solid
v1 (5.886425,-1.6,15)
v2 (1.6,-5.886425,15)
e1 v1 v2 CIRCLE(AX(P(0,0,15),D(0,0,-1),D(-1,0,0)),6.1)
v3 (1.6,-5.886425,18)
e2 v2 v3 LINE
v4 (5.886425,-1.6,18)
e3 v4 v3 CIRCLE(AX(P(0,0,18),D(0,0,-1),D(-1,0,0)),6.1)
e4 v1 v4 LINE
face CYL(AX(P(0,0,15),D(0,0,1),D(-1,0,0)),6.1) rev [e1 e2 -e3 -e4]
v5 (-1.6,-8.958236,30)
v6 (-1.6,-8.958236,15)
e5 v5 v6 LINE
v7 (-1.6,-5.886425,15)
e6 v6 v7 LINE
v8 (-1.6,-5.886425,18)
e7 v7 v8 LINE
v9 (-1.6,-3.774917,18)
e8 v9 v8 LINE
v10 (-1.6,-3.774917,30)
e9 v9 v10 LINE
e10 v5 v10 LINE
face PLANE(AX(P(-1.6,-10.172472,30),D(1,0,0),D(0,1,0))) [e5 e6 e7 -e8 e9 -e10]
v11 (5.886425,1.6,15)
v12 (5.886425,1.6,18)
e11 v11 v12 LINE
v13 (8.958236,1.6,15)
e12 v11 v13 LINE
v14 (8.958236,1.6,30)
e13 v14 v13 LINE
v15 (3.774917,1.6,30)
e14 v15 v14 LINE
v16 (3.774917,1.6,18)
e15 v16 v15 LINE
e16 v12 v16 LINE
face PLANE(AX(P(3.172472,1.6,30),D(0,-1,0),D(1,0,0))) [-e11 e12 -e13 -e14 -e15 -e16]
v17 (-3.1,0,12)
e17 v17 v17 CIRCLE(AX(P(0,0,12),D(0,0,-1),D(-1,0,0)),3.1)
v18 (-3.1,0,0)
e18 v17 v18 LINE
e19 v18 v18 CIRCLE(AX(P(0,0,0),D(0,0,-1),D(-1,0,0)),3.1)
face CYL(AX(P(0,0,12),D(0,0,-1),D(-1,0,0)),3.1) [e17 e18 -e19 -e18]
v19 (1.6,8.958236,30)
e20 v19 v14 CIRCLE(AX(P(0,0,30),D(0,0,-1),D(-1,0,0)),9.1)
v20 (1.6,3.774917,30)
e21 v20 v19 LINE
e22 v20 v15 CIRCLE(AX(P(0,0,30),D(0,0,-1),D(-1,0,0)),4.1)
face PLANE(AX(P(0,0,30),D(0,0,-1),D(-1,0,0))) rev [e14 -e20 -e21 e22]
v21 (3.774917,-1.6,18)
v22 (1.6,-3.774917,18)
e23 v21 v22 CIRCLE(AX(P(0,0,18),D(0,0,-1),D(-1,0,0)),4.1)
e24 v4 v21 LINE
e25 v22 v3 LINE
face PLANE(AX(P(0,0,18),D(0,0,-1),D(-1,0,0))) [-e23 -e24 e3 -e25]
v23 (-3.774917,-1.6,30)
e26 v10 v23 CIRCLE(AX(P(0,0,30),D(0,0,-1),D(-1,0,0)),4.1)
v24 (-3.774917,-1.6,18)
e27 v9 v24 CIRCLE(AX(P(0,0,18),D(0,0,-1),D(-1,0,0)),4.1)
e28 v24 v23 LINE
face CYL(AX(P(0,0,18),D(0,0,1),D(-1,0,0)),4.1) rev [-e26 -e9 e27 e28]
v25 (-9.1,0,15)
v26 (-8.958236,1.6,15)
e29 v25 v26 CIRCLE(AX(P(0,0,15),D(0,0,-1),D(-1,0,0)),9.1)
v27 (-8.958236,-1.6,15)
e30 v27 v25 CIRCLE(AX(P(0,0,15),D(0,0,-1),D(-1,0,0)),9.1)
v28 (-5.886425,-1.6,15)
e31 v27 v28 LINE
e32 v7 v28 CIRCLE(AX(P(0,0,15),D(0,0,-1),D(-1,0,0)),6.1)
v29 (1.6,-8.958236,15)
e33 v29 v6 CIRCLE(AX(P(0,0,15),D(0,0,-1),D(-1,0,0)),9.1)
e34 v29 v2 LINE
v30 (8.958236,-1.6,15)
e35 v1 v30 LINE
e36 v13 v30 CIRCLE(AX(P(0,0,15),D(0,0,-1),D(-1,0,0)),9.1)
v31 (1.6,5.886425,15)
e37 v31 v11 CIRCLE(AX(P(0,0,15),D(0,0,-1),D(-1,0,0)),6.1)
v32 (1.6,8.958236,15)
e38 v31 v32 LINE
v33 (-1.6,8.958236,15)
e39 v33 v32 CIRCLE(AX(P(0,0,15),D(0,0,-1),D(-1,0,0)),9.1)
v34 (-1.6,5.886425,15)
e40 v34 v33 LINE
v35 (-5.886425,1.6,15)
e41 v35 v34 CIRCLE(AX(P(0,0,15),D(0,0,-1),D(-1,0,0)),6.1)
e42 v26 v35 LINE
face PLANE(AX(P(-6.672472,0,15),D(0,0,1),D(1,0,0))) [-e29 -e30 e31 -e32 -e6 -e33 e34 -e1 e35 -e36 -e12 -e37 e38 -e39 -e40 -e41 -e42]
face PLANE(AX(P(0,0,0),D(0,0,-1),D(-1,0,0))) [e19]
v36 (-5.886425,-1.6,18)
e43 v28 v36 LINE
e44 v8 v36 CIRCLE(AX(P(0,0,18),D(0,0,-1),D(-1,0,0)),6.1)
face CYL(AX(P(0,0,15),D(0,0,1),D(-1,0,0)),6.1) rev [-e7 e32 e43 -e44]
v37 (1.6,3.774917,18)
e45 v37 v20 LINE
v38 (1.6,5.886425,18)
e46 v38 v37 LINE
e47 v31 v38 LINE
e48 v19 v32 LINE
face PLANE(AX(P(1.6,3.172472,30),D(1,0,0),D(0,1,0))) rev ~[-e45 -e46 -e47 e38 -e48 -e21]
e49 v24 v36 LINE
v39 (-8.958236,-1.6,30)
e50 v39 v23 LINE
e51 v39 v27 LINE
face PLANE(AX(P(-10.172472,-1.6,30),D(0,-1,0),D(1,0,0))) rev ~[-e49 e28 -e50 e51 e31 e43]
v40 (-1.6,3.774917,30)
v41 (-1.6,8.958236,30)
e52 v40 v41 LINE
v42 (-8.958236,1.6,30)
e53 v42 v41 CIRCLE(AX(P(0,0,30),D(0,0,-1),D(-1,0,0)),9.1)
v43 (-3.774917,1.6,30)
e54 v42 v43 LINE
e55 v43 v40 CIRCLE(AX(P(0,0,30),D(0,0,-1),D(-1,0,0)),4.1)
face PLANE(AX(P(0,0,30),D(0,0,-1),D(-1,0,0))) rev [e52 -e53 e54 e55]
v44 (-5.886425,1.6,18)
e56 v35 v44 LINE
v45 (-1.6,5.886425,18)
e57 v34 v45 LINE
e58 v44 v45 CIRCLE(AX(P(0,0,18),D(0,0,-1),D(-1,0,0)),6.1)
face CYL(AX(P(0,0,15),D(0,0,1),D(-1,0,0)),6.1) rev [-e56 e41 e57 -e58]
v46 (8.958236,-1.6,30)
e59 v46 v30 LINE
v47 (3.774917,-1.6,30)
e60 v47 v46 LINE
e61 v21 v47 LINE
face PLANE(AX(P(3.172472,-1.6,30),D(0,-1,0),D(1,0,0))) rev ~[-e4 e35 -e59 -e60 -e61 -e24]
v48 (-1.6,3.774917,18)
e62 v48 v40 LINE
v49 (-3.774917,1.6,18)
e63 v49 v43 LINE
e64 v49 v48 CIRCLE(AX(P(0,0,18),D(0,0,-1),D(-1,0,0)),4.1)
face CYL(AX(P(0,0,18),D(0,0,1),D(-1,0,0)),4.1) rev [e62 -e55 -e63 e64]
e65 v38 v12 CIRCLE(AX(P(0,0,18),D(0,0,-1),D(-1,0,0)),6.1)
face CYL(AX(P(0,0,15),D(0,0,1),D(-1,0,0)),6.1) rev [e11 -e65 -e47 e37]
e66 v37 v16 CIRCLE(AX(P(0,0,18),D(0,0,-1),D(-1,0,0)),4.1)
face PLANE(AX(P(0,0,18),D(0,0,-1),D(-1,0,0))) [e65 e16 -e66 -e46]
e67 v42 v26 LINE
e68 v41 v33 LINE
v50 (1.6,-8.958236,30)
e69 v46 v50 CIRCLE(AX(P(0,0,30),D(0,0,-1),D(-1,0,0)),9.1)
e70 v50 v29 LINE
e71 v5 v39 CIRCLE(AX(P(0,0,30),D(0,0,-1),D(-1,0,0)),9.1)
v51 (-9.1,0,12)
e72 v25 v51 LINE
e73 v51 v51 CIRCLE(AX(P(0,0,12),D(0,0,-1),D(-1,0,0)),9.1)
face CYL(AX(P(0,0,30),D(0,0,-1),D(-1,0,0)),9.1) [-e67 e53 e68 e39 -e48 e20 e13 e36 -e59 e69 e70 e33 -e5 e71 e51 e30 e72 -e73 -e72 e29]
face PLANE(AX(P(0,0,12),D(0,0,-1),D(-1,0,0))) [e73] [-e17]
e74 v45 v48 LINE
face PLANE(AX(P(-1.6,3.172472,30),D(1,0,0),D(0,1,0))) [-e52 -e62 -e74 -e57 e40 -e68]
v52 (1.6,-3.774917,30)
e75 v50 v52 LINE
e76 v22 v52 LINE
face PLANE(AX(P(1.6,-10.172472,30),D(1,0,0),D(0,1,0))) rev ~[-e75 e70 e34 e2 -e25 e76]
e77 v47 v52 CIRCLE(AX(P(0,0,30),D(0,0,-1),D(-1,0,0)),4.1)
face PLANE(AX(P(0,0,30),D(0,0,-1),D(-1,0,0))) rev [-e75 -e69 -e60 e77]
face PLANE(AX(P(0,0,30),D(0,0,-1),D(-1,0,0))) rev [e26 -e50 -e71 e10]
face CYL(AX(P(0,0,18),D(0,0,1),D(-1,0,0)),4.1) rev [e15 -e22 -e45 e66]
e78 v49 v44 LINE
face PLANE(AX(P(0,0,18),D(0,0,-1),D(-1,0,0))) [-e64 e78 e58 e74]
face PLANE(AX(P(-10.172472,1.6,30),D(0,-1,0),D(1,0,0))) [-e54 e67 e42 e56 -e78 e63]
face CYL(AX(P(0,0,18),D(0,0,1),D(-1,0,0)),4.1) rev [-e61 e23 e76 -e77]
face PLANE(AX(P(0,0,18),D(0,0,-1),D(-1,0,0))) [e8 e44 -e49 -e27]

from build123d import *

# Parameters (mm, degrees)
F2_W     = 3.2
F2_H     = 7
F2_W_2   = 7
F2_H_2   = 3.2
F3_DEPTH = 15


with BuildPart() as f1:
    # F0 (on Front) → F1 (revolve)
    with BuildSketch(Plane.XZ):
        Polygon((-3.1, 0), (0, 0), (0, 15), (-6.1, 15), (-6.1, 18), (-4.1, 18), (-4.1, 30), (-9.1, 30), (-9.1, 12), (-3.1, 12), align=None)
    revolve(axis=Axis((0, 0, 7.5), (0, 0, -1)))

    # F2 (on face) → F3 (cut)
    with BuildSketch(Plane.XY.offset(30)):
        with Locations((0, 6.672472)):
            Rectangle(F2_W, F2_H)
        with Locations((-6.672472, 0)):
            Rectangle(F2_W_2, F2_H_2)
        with Locations((0, -6.672472)):
            Rectangle(F2_W, F2_H)
        with Locations((6.672472, 0)):
            Rectangle(F2_W_2, F2_H_2)
    extrude(amount=-F3_DEPTH, mode=Mode.SUBTRACT)


solid = f1.part
